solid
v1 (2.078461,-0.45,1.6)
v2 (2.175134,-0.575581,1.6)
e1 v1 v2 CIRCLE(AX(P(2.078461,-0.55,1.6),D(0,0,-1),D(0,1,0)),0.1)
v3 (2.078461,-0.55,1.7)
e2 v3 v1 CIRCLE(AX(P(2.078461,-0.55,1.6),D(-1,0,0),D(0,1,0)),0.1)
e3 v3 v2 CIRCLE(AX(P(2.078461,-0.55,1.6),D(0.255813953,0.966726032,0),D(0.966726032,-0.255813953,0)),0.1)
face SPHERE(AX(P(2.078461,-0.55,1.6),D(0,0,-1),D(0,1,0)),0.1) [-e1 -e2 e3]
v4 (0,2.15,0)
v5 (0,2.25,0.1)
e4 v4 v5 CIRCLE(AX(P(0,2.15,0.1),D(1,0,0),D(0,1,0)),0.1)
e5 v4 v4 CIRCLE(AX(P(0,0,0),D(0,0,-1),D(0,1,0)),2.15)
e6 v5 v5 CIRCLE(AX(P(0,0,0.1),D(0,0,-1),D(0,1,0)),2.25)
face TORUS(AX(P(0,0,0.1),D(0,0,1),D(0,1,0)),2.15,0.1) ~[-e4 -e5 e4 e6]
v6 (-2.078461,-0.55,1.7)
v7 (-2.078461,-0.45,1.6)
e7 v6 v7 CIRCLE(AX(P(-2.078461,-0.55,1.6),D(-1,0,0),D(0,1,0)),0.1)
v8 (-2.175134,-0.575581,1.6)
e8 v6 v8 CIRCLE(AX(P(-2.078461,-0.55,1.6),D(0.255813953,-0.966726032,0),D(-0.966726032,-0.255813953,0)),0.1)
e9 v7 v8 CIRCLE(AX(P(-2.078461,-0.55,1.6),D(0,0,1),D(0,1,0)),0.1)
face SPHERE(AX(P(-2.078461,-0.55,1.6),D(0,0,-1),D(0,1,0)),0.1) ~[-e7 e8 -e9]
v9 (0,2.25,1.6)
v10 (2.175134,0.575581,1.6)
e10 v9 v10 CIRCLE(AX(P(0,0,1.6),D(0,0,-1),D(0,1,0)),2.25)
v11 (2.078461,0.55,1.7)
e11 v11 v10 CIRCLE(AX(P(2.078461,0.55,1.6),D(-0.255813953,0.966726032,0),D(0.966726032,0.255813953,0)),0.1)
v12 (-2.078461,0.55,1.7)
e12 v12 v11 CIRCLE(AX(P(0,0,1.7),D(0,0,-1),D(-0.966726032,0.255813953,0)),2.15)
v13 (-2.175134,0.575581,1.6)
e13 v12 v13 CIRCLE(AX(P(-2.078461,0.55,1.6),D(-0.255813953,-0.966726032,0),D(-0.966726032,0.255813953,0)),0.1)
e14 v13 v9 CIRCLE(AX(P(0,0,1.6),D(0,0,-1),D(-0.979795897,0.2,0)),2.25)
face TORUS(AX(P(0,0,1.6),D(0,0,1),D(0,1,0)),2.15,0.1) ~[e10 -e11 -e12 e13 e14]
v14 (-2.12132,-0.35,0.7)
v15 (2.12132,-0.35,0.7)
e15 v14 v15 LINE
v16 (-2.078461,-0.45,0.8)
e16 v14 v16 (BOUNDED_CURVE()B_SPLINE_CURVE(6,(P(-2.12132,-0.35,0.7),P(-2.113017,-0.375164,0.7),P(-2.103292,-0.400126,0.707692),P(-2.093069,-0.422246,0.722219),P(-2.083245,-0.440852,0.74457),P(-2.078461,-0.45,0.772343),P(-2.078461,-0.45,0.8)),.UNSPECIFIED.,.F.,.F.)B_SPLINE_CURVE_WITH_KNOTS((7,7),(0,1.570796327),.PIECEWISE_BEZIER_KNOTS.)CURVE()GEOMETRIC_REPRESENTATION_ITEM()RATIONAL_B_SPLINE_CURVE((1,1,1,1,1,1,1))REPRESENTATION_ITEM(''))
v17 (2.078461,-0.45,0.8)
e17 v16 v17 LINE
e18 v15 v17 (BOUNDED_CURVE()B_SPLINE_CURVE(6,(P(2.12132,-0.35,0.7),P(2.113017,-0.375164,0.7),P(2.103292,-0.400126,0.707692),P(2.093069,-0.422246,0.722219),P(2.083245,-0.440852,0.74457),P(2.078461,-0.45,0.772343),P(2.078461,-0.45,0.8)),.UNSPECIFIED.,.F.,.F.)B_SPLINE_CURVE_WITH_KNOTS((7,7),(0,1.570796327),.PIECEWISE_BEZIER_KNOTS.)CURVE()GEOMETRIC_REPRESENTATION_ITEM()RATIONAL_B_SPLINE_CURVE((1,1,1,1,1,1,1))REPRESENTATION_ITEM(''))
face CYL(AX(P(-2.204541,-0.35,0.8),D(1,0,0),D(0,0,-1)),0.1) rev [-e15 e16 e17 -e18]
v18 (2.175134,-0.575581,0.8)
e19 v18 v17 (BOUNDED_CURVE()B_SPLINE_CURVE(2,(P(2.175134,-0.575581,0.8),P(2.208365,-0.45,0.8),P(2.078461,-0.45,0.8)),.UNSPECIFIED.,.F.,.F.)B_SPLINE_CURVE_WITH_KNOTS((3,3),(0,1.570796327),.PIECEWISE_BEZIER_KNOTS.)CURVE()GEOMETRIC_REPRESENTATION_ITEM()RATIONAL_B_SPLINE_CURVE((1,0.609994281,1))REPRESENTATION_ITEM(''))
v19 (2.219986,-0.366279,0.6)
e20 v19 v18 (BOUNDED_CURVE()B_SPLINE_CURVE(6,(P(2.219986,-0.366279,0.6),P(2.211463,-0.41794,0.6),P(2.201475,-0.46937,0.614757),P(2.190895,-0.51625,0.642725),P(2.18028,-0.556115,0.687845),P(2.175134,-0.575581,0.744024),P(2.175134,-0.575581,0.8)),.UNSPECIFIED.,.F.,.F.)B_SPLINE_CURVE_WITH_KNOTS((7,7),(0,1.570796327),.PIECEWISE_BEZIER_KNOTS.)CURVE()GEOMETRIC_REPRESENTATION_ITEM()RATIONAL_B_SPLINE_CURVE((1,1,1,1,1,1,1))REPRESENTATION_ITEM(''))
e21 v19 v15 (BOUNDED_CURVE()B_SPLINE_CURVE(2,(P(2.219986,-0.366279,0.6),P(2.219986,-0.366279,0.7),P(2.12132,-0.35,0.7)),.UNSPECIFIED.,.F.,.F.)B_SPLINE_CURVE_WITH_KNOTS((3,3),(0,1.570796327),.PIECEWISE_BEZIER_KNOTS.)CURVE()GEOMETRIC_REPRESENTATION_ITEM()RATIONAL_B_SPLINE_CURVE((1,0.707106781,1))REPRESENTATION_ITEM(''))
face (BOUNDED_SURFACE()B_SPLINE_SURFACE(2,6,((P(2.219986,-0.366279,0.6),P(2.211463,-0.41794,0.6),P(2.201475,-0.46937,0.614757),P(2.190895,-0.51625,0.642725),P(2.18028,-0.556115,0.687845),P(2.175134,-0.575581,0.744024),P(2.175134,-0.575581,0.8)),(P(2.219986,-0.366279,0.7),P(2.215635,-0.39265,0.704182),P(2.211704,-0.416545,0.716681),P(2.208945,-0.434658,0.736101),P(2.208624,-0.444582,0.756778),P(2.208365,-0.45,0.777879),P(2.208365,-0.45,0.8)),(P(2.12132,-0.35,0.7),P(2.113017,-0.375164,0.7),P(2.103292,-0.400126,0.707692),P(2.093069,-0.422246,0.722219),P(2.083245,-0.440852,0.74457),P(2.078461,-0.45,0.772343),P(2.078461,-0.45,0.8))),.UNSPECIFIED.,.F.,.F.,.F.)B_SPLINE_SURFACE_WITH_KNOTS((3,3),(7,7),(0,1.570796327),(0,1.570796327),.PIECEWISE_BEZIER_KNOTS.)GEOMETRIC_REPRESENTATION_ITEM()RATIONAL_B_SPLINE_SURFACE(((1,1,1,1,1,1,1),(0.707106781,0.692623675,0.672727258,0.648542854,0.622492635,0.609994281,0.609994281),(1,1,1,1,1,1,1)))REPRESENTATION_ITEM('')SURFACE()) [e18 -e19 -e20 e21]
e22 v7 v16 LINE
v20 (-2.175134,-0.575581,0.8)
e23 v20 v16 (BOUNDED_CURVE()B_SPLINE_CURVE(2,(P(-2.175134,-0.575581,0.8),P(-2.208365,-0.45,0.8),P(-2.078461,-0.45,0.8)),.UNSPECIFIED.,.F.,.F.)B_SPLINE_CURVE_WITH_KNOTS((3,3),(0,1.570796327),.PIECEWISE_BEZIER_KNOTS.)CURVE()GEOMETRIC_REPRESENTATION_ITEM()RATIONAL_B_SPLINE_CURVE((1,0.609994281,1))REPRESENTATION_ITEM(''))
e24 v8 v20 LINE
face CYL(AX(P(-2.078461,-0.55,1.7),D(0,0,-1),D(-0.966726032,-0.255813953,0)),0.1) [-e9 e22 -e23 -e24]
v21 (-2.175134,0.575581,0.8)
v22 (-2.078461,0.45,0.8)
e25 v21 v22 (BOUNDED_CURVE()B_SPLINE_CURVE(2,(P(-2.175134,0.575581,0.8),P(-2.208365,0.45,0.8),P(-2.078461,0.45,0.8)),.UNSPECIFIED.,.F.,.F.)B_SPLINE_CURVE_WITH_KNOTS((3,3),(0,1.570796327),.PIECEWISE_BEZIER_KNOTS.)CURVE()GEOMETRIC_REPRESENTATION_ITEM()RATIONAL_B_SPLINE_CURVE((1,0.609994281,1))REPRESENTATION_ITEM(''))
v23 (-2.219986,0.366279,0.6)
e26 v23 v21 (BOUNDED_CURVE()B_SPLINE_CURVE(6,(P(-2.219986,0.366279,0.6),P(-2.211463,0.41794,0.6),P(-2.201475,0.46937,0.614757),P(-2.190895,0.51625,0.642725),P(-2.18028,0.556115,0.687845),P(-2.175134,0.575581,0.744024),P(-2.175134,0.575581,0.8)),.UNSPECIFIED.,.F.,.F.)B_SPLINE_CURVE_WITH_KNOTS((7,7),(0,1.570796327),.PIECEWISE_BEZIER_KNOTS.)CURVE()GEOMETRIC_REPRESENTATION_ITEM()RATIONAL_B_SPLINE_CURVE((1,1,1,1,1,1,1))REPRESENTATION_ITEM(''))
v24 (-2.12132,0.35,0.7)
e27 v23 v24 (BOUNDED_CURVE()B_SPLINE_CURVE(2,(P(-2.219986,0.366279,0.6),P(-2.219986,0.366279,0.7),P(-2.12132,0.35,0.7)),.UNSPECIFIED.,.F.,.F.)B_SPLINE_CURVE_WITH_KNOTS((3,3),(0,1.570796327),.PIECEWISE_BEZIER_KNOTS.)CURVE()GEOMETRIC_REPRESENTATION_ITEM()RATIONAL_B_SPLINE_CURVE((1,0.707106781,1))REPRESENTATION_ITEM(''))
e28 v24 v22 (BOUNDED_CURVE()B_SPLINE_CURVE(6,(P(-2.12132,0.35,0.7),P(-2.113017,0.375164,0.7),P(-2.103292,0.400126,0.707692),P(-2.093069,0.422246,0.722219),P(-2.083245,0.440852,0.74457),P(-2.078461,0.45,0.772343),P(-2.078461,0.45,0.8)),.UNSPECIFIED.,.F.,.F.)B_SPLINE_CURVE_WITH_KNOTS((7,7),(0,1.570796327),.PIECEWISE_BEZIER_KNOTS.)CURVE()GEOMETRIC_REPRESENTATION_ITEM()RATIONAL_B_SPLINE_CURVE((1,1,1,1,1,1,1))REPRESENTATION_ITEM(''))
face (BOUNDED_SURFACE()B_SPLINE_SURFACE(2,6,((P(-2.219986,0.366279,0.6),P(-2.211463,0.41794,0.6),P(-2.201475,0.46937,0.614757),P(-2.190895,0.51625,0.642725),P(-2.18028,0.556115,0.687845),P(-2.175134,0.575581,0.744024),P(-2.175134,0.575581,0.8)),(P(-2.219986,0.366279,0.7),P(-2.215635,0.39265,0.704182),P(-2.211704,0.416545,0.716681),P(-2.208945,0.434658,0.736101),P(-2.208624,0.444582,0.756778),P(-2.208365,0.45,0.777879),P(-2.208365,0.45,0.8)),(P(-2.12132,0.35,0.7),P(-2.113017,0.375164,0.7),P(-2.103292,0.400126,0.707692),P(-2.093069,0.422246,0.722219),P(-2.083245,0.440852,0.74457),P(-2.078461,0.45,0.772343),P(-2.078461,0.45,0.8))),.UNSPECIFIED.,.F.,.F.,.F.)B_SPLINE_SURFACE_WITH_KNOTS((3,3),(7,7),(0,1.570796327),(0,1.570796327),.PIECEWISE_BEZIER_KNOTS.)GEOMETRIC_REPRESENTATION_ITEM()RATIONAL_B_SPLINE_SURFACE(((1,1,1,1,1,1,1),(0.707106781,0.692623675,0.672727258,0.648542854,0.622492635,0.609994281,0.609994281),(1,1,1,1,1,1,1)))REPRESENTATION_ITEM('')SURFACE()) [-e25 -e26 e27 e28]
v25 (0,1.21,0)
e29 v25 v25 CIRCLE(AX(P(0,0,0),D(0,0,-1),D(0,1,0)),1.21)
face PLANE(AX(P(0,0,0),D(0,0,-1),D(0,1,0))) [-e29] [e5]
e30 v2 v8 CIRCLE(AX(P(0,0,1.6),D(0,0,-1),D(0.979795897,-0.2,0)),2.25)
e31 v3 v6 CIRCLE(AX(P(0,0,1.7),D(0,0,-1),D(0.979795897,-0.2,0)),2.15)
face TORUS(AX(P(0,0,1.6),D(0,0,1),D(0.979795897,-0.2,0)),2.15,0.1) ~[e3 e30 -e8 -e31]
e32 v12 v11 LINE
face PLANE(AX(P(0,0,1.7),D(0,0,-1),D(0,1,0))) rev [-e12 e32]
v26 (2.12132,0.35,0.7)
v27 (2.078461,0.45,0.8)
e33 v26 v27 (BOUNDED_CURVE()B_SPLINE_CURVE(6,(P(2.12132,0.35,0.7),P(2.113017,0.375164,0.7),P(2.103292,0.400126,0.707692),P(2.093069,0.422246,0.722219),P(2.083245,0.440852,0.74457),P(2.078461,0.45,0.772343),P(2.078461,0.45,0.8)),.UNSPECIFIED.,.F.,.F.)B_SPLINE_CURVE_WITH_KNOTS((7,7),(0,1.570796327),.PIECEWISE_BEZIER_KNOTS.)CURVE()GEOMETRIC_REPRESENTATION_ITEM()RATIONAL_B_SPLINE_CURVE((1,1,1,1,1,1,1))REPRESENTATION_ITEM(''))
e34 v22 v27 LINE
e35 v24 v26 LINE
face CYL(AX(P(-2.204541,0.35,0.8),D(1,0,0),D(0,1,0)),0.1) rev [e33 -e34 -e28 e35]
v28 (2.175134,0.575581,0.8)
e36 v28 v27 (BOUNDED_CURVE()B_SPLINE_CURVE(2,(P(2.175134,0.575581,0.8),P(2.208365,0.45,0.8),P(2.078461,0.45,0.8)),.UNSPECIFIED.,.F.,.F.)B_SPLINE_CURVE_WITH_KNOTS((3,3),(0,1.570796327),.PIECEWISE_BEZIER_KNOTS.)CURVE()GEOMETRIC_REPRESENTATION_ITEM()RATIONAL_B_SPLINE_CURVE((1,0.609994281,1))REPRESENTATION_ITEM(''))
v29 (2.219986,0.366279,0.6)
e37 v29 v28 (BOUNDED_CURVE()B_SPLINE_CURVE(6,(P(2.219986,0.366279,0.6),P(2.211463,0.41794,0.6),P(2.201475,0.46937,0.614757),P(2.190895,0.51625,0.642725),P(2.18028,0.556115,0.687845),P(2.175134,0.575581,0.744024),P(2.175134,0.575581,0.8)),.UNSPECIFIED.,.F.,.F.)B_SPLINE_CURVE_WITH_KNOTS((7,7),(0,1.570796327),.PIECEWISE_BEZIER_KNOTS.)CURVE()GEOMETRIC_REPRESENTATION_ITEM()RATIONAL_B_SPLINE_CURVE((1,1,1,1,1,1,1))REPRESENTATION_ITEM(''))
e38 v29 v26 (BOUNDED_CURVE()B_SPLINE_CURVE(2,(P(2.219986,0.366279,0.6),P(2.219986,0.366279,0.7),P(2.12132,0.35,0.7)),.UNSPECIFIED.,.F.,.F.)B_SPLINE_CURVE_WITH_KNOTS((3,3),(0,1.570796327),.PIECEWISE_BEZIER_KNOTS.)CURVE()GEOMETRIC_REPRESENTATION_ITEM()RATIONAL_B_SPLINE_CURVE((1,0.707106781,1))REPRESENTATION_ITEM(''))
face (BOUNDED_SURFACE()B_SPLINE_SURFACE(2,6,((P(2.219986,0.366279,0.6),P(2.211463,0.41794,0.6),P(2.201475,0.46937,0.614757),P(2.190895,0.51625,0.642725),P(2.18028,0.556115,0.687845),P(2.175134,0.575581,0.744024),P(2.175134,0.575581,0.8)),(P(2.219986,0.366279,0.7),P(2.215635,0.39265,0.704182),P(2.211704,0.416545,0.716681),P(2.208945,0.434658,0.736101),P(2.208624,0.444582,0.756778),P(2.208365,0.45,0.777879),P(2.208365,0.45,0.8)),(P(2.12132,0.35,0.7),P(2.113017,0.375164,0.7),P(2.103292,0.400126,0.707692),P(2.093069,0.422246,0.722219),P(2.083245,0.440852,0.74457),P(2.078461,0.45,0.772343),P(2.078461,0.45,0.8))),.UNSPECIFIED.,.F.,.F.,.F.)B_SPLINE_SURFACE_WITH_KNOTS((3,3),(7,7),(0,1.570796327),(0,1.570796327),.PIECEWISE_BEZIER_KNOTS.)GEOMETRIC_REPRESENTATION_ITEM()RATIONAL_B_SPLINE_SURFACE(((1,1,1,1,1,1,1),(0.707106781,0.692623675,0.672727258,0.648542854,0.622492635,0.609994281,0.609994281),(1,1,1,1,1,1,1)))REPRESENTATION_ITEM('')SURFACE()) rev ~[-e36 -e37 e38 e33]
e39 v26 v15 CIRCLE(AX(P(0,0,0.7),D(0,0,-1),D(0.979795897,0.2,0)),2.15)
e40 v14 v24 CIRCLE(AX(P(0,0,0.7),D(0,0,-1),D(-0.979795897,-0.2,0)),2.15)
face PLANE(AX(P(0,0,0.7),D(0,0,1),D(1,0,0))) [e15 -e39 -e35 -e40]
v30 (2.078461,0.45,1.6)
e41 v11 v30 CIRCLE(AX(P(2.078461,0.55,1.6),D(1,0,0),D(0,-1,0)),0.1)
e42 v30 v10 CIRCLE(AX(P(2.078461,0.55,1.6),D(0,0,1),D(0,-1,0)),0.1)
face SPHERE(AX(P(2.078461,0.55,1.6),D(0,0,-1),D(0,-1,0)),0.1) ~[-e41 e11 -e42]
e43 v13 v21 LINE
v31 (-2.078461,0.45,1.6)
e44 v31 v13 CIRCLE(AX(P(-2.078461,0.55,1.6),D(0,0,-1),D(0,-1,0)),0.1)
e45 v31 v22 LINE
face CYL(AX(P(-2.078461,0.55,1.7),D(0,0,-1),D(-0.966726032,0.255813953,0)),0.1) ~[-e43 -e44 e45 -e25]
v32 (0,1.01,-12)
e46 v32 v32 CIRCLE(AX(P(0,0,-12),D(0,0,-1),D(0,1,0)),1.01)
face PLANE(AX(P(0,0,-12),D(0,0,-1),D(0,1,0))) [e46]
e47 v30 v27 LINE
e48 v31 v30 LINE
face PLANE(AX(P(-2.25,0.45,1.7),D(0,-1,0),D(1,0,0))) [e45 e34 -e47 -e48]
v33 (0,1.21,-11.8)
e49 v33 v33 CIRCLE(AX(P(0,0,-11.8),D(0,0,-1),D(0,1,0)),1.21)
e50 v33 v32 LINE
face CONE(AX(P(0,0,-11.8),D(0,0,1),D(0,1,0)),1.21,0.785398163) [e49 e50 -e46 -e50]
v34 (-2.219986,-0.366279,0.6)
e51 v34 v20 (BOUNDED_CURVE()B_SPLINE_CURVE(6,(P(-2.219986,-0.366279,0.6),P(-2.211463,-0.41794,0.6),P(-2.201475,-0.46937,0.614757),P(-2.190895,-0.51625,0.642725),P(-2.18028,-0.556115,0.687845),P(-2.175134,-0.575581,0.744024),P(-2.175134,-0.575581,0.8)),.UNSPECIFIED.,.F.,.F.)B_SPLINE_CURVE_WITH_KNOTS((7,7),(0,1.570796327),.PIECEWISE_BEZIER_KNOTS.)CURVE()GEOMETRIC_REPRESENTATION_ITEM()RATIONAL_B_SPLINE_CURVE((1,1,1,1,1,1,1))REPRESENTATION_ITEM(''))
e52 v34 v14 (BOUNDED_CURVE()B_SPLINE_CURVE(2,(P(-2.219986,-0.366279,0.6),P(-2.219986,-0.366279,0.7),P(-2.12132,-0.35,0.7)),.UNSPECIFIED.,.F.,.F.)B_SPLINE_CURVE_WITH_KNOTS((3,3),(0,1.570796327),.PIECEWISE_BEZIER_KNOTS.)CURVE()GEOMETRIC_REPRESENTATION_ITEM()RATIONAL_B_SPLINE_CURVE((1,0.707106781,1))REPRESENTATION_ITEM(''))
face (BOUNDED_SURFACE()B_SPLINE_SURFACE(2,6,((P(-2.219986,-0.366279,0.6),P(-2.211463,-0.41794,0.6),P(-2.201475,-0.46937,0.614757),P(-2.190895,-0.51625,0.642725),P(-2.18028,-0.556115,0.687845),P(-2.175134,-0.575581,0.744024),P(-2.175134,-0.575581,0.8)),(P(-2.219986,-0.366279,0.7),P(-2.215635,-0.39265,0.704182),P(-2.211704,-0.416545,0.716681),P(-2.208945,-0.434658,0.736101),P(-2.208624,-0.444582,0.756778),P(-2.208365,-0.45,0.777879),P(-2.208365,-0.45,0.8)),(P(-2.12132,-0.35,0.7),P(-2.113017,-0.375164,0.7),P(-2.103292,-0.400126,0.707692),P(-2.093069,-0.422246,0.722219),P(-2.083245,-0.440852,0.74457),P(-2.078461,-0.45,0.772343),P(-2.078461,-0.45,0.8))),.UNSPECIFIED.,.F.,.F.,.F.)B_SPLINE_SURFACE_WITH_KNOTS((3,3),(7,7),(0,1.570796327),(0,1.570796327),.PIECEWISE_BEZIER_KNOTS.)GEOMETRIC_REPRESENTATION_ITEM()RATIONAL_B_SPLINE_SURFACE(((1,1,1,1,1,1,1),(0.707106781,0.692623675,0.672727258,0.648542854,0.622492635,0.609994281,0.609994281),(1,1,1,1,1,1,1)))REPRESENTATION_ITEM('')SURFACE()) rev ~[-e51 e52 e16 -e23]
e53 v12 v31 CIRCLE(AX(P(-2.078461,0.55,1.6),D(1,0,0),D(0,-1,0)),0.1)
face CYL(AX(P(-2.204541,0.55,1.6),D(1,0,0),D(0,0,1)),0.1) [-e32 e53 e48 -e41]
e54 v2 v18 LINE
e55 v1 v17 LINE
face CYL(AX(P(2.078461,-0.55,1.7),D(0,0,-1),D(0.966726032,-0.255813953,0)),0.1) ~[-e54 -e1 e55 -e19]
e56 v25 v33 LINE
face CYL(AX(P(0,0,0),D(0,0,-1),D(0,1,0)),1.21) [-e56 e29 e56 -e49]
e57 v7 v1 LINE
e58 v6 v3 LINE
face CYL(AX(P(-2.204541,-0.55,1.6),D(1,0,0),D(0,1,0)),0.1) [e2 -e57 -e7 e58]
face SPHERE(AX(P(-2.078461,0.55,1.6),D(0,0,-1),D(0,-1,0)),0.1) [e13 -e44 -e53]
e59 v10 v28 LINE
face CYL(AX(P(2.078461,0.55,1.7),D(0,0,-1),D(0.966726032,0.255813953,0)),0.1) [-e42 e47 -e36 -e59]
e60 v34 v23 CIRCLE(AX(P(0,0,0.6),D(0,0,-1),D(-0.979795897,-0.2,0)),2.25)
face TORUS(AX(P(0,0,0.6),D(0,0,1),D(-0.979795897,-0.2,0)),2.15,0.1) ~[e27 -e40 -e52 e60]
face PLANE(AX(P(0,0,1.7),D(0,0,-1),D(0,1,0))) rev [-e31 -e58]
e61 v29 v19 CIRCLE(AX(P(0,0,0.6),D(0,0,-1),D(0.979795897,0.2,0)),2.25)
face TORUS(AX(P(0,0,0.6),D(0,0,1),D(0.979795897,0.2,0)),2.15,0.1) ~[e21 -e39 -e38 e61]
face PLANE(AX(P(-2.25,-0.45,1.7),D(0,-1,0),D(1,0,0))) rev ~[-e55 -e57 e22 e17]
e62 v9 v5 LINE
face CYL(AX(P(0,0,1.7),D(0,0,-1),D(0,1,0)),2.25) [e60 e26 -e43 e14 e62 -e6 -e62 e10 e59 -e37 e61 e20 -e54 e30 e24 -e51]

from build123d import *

# Parameters (mm, degrees)
SKIZZE2_W                       = 4.5
SKIZZE2_H                       = 0.9
SCHNITT_LINEAR_AUSTRAGEN1_DEPTH = 1
FASE1_SIZE                      = 0.2
VERRUNDUNG2_R                   = 0.1


with BuildPart() as part:
    # Skizze1 → Rotation1 (revolve)
    with BuildSketch(Plane(origin=(0, 0, 0), x_dir=(0, 0, -1), z_dir=(1, 0, 0))):
        Polygon((-1.7, 0), (-1.7, 2.25), (0, 2.25), (0, 1.21), (12, 1.21), (12, 0), align=None)
    revolve(axis=Axis((0, 0, 21.919879518), (0, 0, -1)))

    # Skizze2 → Schnitt-Linear austragen1 (cut)
    with BuildSketch(Plane.XY.offset(1.7)):
        Rectangle(SKIZZE2_W, SKIZZE2_H)
    extrude(amount=-SCHNITT_LINEAR_AUSTRAGEN1_DEPTH, mode=Mode.SUBTRACT)

    # Fase1
    fase1_edges = [part.edges().sort_by_distance(p)[0] for p in [
        (0, -1.21, -12),
    ]]
    chamfer(fase1_edges, length=FASE1_SIZE)

    # Verrundung2
    verrundung2_edges = [part.edges().sort_by_distance(p)[0] for p in [
        (1.423024947, 1.742842506, 1.7),
        (0, -2.25, 1.7),
        (2.25, 0, 0.7),
        (2.204540769, 0.45, 1.2),
        (2.204540769, -0.45, 1.2),
        (-2.25, 0, 0.7),
        (-2.204540769, 0.45, 1.2),
        (-2.204540769, -0.45, 1.2),
        (0, -0.45, 0.7),
        (0, 0.45, 0.7),
        (0, 0.45, 1.7),
        (0, -0.45, 1.7),
        (0, -2.25, 0),
    ]]
    fillet(verrundung2_edges, radius=VERRUNDUNG2_R)


solid = part.part
